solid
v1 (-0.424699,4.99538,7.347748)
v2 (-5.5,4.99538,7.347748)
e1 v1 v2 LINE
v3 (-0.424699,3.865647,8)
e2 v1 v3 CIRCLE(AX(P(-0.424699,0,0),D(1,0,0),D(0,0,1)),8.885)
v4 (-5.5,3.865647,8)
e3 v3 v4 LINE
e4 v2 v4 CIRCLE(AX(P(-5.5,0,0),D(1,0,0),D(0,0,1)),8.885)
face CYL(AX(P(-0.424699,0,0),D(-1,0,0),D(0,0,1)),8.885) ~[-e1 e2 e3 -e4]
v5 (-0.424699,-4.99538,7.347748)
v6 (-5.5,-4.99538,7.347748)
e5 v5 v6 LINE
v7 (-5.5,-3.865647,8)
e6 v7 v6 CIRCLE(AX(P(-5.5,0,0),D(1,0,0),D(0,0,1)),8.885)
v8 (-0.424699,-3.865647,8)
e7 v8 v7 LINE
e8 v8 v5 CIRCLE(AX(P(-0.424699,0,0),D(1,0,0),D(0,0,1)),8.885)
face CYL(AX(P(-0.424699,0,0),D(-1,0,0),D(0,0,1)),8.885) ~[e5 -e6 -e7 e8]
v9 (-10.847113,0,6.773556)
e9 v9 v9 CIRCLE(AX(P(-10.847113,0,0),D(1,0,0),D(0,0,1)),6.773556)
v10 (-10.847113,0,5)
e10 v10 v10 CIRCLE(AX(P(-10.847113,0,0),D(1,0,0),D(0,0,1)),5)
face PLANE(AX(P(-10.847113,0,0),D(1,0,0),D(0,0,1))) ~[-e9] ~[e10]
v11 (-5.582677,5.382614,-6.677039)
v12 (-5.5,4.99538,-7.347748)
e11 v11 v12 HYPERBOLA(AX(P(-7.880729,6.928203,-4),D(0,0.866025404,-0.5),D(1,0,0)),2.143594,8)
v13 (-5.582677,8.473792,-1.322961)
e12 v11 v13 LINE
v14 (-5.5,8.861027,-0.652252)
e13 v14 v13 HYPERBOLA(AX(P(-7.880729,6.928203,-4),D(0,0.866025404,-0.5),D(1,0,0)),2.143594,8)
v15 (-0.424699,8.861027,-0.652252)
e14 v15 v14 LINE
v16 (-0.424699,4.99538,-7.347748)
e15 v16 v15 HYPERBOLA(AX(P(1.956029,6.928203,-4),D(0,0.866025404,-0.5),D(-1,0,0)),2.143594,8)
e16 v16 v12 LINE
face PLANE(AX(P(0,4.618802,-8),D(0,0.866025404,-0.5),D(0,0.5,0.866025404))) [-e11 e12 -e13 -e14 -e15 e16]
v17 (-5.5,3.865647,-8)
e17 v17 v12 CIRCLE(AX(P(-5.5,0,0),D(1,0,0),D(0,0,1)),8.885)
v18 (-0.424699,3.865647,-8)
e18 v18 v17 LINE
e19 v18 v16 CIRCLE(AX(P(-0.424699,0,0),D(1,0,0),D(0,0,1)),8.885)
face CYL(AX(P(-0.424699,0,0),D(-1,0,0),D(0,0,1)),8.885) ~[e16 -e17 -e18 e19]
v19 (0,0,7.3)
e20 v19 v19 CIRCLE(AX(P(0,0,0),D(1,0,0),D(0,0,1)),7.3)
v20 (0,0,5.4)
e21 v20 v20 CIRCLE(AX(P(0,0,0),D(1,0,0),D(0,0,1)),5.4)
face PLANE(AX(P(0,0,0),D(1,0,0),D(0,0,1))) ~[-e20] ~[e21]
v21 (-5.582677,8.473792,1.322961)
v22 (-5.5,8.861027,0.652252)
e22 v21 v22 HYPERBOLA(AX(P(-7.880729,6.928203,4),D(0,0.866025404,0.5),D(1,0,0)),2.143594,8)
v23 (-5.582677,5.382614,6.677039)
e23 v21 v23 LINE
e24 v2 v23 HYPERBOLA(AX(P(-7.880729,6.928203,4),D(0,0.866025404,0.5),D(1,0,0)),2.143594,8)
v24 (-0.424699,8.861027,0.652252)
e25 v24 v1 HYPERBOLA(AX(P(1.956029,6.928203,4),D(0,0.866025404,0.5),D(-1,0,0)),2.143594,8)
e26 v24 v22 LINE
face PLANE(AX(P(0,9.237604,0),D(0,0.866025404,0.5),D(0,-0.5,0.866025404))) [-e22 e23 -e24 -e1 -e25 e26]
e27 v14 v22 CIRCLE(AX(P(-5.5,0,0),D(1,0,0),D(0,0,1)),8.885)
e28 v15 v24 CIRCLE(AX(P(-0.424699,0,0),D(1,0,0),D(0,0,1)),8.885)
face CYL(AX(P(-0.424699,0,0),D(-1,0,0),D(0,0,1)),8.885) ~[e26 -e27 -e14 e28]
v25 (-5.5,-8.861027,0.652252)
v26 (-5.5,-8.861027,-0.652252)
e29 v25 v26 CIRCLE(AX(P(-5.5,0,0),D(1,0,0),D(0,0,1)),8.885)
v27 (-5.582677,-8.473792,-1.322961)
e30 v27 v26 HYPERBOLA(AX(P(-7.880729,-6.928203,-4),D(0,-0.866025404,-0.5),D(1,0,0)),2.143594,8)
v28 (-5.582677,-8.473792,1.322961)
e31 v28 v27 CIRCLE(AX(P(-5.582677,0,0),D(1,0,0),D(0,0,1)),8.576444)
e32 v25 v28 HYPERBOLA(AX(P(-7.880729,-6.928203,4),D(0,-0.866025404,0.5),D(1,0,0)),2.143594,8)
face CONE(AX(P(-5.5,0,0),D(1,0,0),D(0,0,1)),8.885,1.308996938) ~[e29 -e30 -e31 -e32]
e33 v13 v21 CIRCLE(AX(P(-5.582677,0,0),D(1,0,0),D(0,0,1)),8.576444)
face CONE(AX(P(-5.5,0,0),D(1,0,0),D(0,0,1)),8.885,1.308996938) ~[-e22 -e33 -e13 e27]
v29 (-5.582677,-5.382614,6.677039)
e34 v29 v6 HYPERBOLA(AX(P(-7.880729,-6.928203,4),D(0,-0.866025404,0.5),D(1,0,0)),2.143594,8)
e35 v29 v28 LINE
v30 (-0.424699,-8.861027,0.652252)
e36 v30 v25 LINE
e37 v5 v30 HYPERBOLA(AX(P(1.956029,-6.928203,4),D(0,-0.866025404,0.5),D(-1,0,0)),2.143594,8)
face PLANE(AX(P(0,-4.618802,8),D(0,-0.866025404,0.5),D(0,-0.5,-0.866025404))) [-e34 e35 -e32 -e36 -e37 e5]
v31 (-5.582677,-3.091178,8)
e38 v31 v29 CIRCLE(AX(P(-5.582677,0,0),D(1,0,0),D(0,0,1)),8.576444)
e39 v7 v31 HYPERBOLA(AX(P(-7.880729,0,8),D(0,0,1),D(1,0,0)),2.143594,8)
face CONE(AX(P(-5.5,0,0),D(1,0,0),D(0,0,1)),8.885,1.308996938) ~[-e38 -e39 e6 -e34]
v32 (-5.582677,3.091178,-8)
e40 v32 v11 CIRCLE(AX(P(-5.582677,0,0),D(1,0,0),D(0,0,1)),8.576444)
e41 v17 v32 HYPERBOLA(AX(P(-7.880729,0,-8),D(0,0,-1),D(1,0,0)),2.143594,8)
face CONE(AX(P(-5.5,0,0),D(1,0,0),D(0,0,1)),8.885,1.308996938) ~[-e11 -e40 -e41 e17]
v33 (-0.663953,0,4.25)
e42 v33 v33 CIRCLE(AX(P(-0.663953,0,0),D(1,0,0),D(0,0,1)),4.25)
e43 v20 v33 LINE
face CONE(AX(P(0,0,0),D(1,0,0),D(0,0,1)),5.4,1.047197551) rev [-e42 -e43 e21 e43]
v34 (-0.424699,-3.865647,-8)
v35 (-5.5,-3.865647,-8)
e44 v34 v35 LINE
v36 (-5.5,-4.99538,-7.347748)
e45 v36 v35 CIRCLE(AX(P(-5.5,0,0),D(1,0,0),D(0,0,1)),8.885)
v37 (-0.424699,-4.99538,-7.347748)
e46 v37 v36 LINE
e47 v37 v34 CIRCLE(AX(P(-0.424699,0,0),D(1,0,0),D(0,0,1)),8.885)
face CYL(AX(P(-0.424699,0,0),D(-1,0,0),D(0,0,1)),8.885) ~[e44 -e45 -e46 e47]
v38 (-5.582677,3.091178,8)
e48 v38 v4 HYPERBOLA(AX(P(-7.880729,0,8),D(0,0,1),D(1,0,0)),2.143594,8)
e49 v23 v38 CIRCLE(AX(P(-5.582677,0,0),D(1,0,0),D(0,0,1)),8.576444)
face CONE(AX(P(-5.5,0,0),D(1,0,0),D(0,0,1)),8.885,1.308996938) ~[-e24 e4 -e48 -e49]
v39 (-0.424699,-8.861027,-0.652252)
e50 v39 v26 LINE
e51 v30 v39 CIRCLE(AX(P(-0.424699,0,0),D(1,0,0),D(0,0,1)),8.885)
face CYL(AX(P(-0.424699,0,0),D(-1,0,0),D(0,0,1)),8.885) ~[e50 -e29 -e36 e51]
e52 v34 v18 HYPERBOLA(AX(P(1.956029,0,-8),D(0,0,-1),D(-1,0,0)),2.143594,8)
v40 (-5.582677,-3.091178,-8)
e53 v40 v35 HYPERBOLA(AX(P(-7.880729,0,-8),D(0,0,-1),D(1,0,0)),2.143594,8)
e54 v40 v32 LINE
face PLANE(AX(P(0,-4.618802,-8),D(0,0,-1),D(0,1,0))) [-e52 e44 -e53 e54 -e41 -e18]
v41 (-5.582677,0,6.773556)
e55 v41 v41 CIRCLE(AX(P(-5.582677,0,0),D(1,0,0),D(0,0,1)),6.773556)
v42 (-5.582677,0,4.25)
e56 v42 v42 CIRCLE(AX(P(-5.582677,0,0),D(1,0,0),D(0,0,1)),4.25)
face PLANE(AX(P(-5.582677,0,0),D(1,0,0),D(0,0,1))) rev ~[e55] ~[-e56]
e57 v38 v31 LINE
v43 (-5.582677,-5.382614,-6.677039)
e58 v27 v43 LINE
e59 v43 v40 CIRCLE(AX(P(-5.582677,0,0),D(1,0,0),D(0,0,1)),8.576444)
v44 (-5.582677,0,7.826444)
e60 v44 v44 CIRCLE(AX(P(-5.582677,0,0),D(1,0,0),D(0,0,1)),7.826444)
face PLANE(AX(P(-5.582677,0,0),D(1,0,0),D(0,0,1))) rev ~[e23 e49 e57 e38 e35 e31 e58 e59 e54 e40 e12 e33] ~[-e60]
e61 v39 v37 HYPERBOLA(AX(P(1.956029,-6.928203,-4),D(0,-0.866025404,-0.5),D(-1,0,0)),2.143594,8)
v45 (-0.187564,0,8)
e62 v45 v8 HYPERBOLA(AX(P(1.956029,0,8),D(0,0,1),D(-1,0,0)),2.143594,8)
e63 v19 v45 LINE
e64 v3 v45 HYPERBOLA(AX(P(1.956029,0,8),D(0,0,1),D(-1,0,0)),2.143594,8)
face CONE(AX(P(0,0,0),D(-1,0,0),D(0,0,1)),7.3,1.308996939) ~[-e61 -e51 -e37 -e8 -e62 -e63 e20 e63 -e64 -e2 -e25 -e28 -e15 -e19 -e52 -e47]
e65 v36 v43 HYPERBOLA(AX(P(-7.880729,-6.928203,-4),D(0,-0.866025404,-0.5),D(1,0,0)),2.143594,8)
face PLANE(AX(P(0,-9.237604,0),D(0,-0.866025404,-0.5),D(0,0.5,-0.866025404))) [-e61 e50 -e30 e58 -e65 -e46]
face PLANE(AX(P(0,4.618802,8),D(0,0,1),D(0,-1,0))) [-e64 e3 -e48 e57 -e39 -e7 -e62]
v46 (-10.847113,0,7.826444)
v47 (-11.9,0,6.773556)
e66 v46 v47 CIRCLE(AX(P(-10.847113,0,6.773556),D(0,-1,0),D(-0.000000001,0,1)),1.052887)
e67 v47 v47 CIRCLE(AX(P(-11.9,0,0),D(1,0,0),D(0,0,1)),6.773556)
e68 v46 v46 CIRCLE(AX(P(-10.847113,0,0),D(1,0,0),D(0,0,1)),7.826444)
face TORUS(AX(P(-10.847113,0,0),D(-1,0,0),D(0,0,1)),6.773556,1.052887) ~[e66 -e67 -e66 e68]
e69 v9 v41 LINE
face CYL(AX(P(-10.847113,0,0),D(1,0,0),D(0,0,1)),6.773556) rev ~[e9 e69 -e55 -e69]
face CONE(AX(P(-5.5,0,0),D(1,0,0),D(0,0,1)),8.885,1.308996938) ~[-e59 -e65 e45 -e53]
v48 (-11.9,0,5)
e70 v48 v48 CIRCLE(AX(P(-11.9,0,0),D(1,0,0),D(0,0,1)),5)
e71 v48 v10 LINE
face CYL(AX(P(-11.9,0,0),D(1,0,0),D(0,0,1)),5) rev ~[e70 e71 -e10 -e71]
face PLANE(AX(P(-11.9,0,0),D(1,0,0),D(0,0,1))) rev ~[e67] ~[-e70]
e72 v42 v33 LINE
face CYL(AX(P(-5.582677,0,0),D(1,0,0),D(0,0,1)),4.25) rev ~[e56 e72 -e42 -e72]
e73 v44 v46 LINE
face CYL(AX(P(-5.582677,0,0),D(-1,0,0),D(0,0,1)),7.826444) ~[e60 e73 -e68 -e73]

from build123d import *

# Parameters (mm, degrees)
SKETCH_2_OUTSIDE_W  = 25.332
SKETCH_2_OUTSIDE_H  = 25.332
CUT_EXTRUDE_1_DEPTH = 18.305965734


with BuildPart() as part:
    # Эскиз1 → Повернуть1 (revolve)
    with BuildSketch(Plane.XY, mode=Mode.PRIVATE) as revolve_1_sk:
        with BuildLine():
            Line((-11.9, 6.773556454), (-11.9, 5))
            Line((-11.9, 5), (-10.847112909, 5))
            Line((-10.847112909, 5), (-10.847112909, 6.773556454))
            Line((-10.847112909, 6.773556454), (-5.582677453, 6.773556454))
            Line((-5.582677453, 6.773556454), (-5.582677453, 4.25))
            Line((-5.582677453, 4.25), (0, 4.25))
            Line((0, 4.25), (0, 7.3))
            Line((0, 7.3), (-0.42469947, 8.885))
            Line((-0.42469947, 8.885), (-5.5, 8.885))
            Line((-5.5, 8.885), (-5.582677453, 8.576443546))
            Line((-5.582677453, 8.576443546), (-5.582677453, 7.826443546))
            Line((-5.582677453, 7.826443546), (-10.847112909, 7.826443546))
            ThreePointArc((-10.847112909, 7.826443546), (-11.591616511, 7.518060056), (-11.9, 6.773556454))
        make_face()
    revolve(revolve_1_sk.sketch.rotate(Axis((-1000, 0, 0), (1, 0, 0)), 90), axis=Axis((-1000, 0, 0), (1, 0, 0)))

    # Эскиз2 outside → Вырез-Вытянуть1 (cut, through all)
    with BuildSketch(Plane(origin=(0, 0, 0), x_dir=(0, 0, -1), z_dir=(1, 0, 0))):
        Rectangle(SKETCH_2_OUTSIDE_W, SKETCH_2_OUTSIDE_H)
        Polygon((8, -4.618802154), (8, 4.618802154), (0, 9.237604307), (-8, 4.618802154), (-8, -4.618802154), (0, -9.237604307), align=None, mode=Mode.SUBTRACT)
    extrude(amount=-CUT_EXTRUDE_1_DEPTH, mode=Mode.SUBTRACT)

    # Эскиз3 → Вырез-Повернуть1 (revolve, cut)
    with BuildSketch(Plane.XY, mode=Mode.PRIVATE) as cut_revolve_1_sk:
        Polygon((0, 0), (0, 5.4), (-0.66395281, 4.25), (-0.66395281, 0), align=None)
    revolve(cut_revolve_1_sk.sketch.rotate(Axis((-0.66395281, 0, 0), (1.0, -1.853694946210833e-11, 0)), 90.000000001), axis=Axis((-0.66395281, 0, 0), (1.0, -1.853694946210833e-11, 0)), mode=Mode.SUBTRACT)


solid = part.part
